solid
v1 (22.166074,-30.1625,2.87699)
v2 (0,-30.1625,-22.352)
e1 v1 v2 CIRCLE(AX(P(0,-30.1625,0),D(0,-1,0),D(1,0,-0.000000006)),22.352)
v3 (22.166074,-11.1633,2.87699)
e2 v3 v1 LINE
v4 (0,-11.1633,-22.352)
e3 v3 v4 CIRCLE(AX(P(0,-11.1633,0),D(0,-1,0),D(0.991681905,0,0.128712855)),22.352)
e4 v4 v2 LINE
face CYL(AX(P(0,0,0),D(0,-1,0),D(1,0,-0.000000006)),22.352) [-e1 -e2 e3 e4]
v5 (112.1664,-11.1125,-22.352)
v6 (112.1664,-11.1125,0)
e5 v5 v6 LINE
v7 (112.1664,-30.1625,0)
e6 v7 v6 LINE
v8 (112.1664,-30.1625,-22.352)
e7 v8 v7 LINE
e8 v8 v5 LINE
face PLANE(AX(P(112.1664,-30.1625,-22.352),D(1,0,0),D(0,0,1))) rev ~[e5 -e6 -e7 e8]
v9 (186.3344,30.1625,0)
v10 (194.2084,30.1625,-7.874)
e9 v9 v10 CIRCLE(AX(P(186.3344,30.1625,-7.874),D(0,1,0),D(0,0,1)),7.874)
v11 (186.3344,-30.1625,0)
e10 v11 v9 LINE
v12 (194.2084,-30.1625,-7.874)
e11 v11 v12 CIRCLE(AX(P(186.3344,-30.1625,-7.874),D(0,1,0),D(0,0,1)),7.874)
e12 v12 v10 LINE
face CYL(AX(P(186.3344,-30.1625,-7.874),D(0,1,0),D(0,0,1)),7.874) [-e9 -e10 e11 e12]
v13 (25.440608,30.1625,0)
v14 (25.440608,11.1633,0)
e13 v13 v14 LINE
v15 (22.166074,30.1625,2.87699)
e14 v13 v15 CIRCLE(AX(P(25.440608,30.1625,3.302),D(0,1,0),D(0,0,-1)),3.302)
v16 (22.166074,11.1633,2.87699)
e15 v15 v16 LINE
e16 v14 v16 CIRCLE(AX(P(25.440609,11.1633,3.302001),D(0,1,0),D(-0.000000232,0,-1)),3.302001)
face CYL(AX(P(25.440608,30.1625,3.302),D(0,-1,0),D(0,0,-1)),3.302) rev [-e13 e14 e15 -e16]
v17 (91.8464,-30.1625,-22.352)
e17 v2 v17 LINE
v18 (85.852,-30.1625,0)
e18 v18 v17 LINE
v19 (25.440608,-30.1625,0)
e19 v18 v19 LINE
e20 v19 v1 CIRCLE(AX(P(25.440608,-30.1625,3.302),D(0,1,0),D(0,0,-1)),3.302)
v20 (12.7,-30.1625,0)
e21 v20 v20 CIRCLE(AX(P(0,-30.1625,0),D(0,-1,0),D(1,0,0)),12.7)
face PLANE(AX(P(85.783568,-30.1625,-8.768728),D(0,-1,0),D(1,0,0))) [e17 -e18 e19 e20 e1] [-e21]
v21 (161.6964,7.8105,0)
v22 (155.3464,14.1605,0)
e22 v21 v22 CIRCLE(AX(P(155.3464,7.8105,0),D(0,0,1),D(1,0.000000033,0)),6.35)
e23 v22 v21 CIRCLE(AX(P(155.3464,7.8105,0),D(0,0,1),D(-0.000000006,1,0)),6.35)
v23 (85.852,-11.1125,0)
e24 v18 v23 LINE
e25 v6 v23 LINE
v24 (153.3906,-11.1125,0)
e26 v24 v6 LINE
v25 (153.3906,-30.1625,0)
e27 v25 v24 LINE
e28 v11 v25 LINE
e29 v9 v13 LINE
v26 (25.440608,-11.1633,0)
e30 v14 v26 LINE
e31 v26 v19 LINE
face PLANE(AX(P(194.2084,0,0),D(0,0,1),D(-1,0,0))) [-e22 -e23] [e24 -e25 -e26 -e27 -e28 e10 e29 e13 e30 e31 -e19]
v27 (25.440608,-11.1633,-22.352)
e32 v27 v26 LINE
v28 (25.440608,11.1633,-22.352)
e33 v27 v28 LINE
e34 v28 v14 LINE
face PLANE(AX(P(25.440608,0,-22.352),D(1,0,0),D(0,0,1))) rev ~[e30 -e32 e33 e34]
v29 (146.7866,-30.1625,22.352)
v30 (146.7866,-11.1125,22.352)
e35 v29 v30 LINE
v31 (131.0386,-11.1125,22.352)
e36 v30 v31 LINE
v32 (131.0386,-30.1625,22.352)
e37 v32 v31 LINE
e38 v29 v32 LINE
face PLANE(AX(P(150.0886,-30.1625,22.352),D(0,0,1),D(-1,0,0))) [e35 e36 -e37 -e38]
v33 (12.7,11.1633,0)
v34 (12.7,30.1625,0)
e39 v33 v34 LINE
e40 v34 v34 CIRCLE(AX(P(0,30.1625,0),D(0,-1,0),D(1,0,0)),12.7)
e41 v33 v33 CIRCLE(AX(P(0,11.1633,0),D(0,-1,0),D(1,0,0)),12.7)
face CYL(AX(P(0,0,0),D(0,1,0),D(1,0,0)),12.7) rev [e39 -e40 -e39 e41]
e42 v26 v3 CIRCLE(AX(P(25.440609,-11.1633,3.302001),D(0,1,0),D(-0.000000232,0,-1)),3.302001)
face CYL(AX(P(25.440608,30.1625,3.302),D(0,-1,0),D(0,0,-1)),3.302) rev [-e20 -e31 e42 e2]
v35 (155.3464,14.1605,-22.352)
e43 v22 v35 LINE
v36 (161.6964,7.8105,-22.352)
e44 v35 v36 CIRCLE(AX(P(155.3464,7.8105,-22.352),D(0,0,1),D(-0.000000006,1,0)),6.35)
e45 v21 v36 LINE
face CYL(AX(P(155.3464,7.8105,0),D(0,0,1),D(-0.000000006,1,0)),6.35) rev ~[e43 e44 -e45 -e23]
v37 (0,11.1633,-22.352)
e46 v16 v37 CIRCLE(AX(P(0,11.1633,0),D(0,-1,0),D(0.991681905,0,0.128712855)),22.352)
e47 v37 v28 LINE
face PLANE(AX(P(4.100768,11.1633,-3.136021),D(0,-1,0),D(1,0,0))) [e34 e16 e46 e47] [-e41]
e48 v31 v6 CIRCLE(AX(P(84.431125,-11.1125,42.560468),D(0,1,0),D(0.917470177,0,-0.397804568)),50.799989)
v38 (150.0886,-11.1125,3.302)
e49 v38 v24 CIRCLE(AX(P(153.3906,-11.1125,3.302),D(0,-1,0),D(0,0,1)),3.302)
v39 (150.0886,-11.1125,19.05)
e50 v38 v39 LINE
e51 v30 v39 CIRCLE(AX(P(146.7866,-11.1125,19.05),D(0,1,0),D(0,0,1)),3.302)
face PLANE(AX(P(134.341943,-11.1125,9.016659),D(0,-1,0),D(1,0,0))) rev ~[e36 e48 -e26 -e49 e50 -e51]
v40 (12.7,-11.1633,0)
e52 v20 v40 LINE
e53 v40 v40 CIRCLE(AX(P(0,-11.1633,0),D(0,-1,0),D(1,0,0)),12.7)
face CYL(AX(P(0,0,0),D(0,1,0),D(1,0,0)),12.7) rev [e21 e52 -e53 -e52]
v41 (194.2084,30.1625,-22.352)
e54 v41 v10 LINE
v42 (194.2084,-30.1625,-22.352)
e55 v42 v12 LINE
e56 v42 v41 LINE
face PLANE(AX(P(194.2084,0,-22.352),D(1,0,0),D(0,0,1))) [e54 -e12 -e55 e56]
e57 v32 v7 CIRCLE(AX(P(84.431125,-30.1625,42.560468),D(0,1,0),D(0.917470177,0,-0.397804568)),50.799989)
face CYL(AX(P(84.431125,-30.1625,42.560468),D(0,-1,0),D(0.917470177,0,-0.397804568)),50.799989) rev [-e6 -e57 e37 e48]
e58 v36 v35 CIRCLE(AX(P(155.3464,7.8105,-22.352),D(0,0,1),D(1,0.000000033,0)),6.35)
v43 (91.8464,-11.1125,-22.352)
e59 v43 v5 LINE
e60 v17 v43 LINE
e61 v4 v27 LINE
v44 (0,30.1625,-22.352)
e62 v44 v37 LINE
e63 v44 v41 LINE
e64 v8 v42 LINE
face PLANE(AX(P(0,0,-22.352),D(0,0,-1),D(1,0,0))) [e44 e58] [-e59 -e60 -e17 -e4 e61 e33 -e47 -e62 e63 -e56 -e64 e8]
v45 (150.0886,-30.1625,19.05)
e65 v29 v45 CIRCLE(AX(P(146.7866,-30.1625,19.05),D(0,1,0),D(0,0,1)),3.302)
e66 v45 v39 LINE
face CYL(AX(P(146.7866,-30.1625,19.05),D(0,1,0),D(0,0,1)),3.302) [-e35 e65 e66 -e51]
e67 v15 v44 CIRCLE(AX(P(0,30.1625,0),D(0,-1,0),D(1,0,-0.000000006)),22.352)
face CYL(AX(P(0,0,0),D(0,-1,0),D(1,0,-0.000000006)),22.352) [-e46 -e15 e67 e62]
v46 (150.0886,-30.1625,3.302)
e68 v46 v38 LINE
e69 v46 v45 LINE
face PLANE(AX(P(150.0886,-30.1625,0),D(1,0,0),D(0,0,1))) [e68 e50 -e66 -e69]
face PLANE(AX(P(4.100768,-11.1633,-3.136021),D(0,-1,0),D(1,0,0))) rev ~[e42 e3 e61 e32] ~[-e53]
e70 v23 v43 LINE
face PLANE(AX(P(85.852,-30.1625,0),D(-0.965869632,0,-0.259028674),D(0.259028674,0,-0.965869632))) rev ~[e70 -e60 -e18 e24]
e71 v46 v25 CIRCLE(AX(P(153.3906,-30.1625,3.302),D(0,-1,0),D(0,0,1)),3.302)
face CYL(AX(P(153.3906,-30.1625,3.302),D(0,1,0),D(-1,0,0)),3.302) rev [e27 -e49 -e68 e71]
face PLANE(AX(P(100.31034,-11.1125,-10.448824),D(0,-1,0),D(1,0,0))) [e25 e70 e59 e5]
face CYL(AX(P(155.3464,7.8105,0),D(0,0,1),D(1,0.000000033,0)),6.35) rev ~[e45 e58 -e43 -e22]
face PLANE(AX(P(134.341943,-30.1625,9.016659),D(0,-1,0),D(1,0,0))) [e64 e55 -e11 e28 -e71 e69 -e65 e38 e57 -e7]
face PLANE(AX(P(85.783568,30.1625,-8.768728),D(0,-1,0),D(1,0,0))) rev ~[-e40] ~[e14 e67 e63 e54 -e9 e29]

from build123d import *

# Parameters (mm, degrees)
F0_R      = 12.7
F1_DEPTH  = 30.1625
F3_R      = 3.302
F4_R      = 7.874
F5_DEPTH  = 19.05
F6_DEPTH  = 19.05
F7_R      = 3.302
F8_R      = 12.7
F9_DEPTH  = 11.1633
F11_DEPTH = 22.352


with BuildPart() as f1:
    # F0 (on Front) → F1 (new body, symmetric)
    with BuildSketch(Plane.XZ):
        with BuildLine():
            Line((194.2084, 0), (22.352, 0))
            ThreePointArc((22.352, 0), (-15.805251, 15.805251), (0, -22.352))
            Line((0, -22.352), (194.2084, -22.352))
            Line((194.2084, -22.352), (194.2084, 0))
        make_face()
        Circle(F0_R, mode=Mode.SUBTRACT)
    extrude(amount=F1_DEPTH, both=True)

    # F3
    f3_edges = [f1.edges().sort_by_distance(p)[0] for p in [
        (22.352, 0, 0),
    ]]
    fillet(f3_edges, radius=F3_R)

    # F4
    f4_edges = [f1.edges().sort_by_distance(p)[0] for p in [
        (194.2084, 0, 0),
    ]]
    fillet(f4_edges, radius=F4_R)

    # F2 (on face) → F5 (cut)
    with BuildSketch(Plane.XZ.offset(30.1625)):
        Polygon((112.1664, 0), (85.852, 0), (91.8464, -22.352), (112.1664, -22.352), align=None)
    extrude(amount=-F5_DEPTH, mode=Mode.SUBTRACT)

    # F2 (on face) → F6 (join)
    with BuildSketch(Plane.XZ.offset(30.1625)):
        with BuildLine():
            ThreePointArc((131.0386, 22.352), (123.246252, 9.78815), (112.1664, 0))
            Line((112.1664, 0), (131.0386, 0))
            Line((131.0386, 0), (150.0886, 0))
            Line((150.0886, 0), (150.0886, 22.352))
            Line((150.0886, 22.352), (131.0386, 22.352))
        make_face()
    extrude(amount=-F6_DEPTH)

    # F7
    f7_edges = [f1.edges().sort_by_distance(p)[0] for p in [
        (150.0886, -20.6375, 0),
        (150.0886, -20.6375, 22.352),
    ]]
    fillet(f7_edges, radius=F7_R)

    # F8 (on Front) → F9 (cut, symmetric)
    with BuildSketch(Plane.XZ):
        with BuildLine():
            ThreePointArc((25.440608, 0), (23.261179, 0.821417), (22.166074, 2.87699))
            ThreePointArc((22.166074, 2.87699), (-16.791641, 14.753058), (0, -22.352))
            Line((0, -22.352), (25.440608, -22.352))
            Line((25.440608, -22.352), (25.440608, 0))
        make_face()
        Circle(F8_R, mode=Mode.SUBTRACT)
    extrude(amount=F9_DEPTH, both=True, mode=Mode.SUBTRACT)

    # F10 (on face) → F11 (cut)
    with BuildSketch(Plane.XY):
        with BuildLine():
            ThreePointArc((161.6964, 7.8105), (159.836528, 12.300628), (155.3464, 14.1605))
            ThreePointArc((155.3464, 14.1605), (150.856272, 3.320372), (161.6964, 7.8105))
        make_face()
    extrude(amount=-F11_DEPTH, mode=Mode.SUBTRACT)


solid = f1.part
